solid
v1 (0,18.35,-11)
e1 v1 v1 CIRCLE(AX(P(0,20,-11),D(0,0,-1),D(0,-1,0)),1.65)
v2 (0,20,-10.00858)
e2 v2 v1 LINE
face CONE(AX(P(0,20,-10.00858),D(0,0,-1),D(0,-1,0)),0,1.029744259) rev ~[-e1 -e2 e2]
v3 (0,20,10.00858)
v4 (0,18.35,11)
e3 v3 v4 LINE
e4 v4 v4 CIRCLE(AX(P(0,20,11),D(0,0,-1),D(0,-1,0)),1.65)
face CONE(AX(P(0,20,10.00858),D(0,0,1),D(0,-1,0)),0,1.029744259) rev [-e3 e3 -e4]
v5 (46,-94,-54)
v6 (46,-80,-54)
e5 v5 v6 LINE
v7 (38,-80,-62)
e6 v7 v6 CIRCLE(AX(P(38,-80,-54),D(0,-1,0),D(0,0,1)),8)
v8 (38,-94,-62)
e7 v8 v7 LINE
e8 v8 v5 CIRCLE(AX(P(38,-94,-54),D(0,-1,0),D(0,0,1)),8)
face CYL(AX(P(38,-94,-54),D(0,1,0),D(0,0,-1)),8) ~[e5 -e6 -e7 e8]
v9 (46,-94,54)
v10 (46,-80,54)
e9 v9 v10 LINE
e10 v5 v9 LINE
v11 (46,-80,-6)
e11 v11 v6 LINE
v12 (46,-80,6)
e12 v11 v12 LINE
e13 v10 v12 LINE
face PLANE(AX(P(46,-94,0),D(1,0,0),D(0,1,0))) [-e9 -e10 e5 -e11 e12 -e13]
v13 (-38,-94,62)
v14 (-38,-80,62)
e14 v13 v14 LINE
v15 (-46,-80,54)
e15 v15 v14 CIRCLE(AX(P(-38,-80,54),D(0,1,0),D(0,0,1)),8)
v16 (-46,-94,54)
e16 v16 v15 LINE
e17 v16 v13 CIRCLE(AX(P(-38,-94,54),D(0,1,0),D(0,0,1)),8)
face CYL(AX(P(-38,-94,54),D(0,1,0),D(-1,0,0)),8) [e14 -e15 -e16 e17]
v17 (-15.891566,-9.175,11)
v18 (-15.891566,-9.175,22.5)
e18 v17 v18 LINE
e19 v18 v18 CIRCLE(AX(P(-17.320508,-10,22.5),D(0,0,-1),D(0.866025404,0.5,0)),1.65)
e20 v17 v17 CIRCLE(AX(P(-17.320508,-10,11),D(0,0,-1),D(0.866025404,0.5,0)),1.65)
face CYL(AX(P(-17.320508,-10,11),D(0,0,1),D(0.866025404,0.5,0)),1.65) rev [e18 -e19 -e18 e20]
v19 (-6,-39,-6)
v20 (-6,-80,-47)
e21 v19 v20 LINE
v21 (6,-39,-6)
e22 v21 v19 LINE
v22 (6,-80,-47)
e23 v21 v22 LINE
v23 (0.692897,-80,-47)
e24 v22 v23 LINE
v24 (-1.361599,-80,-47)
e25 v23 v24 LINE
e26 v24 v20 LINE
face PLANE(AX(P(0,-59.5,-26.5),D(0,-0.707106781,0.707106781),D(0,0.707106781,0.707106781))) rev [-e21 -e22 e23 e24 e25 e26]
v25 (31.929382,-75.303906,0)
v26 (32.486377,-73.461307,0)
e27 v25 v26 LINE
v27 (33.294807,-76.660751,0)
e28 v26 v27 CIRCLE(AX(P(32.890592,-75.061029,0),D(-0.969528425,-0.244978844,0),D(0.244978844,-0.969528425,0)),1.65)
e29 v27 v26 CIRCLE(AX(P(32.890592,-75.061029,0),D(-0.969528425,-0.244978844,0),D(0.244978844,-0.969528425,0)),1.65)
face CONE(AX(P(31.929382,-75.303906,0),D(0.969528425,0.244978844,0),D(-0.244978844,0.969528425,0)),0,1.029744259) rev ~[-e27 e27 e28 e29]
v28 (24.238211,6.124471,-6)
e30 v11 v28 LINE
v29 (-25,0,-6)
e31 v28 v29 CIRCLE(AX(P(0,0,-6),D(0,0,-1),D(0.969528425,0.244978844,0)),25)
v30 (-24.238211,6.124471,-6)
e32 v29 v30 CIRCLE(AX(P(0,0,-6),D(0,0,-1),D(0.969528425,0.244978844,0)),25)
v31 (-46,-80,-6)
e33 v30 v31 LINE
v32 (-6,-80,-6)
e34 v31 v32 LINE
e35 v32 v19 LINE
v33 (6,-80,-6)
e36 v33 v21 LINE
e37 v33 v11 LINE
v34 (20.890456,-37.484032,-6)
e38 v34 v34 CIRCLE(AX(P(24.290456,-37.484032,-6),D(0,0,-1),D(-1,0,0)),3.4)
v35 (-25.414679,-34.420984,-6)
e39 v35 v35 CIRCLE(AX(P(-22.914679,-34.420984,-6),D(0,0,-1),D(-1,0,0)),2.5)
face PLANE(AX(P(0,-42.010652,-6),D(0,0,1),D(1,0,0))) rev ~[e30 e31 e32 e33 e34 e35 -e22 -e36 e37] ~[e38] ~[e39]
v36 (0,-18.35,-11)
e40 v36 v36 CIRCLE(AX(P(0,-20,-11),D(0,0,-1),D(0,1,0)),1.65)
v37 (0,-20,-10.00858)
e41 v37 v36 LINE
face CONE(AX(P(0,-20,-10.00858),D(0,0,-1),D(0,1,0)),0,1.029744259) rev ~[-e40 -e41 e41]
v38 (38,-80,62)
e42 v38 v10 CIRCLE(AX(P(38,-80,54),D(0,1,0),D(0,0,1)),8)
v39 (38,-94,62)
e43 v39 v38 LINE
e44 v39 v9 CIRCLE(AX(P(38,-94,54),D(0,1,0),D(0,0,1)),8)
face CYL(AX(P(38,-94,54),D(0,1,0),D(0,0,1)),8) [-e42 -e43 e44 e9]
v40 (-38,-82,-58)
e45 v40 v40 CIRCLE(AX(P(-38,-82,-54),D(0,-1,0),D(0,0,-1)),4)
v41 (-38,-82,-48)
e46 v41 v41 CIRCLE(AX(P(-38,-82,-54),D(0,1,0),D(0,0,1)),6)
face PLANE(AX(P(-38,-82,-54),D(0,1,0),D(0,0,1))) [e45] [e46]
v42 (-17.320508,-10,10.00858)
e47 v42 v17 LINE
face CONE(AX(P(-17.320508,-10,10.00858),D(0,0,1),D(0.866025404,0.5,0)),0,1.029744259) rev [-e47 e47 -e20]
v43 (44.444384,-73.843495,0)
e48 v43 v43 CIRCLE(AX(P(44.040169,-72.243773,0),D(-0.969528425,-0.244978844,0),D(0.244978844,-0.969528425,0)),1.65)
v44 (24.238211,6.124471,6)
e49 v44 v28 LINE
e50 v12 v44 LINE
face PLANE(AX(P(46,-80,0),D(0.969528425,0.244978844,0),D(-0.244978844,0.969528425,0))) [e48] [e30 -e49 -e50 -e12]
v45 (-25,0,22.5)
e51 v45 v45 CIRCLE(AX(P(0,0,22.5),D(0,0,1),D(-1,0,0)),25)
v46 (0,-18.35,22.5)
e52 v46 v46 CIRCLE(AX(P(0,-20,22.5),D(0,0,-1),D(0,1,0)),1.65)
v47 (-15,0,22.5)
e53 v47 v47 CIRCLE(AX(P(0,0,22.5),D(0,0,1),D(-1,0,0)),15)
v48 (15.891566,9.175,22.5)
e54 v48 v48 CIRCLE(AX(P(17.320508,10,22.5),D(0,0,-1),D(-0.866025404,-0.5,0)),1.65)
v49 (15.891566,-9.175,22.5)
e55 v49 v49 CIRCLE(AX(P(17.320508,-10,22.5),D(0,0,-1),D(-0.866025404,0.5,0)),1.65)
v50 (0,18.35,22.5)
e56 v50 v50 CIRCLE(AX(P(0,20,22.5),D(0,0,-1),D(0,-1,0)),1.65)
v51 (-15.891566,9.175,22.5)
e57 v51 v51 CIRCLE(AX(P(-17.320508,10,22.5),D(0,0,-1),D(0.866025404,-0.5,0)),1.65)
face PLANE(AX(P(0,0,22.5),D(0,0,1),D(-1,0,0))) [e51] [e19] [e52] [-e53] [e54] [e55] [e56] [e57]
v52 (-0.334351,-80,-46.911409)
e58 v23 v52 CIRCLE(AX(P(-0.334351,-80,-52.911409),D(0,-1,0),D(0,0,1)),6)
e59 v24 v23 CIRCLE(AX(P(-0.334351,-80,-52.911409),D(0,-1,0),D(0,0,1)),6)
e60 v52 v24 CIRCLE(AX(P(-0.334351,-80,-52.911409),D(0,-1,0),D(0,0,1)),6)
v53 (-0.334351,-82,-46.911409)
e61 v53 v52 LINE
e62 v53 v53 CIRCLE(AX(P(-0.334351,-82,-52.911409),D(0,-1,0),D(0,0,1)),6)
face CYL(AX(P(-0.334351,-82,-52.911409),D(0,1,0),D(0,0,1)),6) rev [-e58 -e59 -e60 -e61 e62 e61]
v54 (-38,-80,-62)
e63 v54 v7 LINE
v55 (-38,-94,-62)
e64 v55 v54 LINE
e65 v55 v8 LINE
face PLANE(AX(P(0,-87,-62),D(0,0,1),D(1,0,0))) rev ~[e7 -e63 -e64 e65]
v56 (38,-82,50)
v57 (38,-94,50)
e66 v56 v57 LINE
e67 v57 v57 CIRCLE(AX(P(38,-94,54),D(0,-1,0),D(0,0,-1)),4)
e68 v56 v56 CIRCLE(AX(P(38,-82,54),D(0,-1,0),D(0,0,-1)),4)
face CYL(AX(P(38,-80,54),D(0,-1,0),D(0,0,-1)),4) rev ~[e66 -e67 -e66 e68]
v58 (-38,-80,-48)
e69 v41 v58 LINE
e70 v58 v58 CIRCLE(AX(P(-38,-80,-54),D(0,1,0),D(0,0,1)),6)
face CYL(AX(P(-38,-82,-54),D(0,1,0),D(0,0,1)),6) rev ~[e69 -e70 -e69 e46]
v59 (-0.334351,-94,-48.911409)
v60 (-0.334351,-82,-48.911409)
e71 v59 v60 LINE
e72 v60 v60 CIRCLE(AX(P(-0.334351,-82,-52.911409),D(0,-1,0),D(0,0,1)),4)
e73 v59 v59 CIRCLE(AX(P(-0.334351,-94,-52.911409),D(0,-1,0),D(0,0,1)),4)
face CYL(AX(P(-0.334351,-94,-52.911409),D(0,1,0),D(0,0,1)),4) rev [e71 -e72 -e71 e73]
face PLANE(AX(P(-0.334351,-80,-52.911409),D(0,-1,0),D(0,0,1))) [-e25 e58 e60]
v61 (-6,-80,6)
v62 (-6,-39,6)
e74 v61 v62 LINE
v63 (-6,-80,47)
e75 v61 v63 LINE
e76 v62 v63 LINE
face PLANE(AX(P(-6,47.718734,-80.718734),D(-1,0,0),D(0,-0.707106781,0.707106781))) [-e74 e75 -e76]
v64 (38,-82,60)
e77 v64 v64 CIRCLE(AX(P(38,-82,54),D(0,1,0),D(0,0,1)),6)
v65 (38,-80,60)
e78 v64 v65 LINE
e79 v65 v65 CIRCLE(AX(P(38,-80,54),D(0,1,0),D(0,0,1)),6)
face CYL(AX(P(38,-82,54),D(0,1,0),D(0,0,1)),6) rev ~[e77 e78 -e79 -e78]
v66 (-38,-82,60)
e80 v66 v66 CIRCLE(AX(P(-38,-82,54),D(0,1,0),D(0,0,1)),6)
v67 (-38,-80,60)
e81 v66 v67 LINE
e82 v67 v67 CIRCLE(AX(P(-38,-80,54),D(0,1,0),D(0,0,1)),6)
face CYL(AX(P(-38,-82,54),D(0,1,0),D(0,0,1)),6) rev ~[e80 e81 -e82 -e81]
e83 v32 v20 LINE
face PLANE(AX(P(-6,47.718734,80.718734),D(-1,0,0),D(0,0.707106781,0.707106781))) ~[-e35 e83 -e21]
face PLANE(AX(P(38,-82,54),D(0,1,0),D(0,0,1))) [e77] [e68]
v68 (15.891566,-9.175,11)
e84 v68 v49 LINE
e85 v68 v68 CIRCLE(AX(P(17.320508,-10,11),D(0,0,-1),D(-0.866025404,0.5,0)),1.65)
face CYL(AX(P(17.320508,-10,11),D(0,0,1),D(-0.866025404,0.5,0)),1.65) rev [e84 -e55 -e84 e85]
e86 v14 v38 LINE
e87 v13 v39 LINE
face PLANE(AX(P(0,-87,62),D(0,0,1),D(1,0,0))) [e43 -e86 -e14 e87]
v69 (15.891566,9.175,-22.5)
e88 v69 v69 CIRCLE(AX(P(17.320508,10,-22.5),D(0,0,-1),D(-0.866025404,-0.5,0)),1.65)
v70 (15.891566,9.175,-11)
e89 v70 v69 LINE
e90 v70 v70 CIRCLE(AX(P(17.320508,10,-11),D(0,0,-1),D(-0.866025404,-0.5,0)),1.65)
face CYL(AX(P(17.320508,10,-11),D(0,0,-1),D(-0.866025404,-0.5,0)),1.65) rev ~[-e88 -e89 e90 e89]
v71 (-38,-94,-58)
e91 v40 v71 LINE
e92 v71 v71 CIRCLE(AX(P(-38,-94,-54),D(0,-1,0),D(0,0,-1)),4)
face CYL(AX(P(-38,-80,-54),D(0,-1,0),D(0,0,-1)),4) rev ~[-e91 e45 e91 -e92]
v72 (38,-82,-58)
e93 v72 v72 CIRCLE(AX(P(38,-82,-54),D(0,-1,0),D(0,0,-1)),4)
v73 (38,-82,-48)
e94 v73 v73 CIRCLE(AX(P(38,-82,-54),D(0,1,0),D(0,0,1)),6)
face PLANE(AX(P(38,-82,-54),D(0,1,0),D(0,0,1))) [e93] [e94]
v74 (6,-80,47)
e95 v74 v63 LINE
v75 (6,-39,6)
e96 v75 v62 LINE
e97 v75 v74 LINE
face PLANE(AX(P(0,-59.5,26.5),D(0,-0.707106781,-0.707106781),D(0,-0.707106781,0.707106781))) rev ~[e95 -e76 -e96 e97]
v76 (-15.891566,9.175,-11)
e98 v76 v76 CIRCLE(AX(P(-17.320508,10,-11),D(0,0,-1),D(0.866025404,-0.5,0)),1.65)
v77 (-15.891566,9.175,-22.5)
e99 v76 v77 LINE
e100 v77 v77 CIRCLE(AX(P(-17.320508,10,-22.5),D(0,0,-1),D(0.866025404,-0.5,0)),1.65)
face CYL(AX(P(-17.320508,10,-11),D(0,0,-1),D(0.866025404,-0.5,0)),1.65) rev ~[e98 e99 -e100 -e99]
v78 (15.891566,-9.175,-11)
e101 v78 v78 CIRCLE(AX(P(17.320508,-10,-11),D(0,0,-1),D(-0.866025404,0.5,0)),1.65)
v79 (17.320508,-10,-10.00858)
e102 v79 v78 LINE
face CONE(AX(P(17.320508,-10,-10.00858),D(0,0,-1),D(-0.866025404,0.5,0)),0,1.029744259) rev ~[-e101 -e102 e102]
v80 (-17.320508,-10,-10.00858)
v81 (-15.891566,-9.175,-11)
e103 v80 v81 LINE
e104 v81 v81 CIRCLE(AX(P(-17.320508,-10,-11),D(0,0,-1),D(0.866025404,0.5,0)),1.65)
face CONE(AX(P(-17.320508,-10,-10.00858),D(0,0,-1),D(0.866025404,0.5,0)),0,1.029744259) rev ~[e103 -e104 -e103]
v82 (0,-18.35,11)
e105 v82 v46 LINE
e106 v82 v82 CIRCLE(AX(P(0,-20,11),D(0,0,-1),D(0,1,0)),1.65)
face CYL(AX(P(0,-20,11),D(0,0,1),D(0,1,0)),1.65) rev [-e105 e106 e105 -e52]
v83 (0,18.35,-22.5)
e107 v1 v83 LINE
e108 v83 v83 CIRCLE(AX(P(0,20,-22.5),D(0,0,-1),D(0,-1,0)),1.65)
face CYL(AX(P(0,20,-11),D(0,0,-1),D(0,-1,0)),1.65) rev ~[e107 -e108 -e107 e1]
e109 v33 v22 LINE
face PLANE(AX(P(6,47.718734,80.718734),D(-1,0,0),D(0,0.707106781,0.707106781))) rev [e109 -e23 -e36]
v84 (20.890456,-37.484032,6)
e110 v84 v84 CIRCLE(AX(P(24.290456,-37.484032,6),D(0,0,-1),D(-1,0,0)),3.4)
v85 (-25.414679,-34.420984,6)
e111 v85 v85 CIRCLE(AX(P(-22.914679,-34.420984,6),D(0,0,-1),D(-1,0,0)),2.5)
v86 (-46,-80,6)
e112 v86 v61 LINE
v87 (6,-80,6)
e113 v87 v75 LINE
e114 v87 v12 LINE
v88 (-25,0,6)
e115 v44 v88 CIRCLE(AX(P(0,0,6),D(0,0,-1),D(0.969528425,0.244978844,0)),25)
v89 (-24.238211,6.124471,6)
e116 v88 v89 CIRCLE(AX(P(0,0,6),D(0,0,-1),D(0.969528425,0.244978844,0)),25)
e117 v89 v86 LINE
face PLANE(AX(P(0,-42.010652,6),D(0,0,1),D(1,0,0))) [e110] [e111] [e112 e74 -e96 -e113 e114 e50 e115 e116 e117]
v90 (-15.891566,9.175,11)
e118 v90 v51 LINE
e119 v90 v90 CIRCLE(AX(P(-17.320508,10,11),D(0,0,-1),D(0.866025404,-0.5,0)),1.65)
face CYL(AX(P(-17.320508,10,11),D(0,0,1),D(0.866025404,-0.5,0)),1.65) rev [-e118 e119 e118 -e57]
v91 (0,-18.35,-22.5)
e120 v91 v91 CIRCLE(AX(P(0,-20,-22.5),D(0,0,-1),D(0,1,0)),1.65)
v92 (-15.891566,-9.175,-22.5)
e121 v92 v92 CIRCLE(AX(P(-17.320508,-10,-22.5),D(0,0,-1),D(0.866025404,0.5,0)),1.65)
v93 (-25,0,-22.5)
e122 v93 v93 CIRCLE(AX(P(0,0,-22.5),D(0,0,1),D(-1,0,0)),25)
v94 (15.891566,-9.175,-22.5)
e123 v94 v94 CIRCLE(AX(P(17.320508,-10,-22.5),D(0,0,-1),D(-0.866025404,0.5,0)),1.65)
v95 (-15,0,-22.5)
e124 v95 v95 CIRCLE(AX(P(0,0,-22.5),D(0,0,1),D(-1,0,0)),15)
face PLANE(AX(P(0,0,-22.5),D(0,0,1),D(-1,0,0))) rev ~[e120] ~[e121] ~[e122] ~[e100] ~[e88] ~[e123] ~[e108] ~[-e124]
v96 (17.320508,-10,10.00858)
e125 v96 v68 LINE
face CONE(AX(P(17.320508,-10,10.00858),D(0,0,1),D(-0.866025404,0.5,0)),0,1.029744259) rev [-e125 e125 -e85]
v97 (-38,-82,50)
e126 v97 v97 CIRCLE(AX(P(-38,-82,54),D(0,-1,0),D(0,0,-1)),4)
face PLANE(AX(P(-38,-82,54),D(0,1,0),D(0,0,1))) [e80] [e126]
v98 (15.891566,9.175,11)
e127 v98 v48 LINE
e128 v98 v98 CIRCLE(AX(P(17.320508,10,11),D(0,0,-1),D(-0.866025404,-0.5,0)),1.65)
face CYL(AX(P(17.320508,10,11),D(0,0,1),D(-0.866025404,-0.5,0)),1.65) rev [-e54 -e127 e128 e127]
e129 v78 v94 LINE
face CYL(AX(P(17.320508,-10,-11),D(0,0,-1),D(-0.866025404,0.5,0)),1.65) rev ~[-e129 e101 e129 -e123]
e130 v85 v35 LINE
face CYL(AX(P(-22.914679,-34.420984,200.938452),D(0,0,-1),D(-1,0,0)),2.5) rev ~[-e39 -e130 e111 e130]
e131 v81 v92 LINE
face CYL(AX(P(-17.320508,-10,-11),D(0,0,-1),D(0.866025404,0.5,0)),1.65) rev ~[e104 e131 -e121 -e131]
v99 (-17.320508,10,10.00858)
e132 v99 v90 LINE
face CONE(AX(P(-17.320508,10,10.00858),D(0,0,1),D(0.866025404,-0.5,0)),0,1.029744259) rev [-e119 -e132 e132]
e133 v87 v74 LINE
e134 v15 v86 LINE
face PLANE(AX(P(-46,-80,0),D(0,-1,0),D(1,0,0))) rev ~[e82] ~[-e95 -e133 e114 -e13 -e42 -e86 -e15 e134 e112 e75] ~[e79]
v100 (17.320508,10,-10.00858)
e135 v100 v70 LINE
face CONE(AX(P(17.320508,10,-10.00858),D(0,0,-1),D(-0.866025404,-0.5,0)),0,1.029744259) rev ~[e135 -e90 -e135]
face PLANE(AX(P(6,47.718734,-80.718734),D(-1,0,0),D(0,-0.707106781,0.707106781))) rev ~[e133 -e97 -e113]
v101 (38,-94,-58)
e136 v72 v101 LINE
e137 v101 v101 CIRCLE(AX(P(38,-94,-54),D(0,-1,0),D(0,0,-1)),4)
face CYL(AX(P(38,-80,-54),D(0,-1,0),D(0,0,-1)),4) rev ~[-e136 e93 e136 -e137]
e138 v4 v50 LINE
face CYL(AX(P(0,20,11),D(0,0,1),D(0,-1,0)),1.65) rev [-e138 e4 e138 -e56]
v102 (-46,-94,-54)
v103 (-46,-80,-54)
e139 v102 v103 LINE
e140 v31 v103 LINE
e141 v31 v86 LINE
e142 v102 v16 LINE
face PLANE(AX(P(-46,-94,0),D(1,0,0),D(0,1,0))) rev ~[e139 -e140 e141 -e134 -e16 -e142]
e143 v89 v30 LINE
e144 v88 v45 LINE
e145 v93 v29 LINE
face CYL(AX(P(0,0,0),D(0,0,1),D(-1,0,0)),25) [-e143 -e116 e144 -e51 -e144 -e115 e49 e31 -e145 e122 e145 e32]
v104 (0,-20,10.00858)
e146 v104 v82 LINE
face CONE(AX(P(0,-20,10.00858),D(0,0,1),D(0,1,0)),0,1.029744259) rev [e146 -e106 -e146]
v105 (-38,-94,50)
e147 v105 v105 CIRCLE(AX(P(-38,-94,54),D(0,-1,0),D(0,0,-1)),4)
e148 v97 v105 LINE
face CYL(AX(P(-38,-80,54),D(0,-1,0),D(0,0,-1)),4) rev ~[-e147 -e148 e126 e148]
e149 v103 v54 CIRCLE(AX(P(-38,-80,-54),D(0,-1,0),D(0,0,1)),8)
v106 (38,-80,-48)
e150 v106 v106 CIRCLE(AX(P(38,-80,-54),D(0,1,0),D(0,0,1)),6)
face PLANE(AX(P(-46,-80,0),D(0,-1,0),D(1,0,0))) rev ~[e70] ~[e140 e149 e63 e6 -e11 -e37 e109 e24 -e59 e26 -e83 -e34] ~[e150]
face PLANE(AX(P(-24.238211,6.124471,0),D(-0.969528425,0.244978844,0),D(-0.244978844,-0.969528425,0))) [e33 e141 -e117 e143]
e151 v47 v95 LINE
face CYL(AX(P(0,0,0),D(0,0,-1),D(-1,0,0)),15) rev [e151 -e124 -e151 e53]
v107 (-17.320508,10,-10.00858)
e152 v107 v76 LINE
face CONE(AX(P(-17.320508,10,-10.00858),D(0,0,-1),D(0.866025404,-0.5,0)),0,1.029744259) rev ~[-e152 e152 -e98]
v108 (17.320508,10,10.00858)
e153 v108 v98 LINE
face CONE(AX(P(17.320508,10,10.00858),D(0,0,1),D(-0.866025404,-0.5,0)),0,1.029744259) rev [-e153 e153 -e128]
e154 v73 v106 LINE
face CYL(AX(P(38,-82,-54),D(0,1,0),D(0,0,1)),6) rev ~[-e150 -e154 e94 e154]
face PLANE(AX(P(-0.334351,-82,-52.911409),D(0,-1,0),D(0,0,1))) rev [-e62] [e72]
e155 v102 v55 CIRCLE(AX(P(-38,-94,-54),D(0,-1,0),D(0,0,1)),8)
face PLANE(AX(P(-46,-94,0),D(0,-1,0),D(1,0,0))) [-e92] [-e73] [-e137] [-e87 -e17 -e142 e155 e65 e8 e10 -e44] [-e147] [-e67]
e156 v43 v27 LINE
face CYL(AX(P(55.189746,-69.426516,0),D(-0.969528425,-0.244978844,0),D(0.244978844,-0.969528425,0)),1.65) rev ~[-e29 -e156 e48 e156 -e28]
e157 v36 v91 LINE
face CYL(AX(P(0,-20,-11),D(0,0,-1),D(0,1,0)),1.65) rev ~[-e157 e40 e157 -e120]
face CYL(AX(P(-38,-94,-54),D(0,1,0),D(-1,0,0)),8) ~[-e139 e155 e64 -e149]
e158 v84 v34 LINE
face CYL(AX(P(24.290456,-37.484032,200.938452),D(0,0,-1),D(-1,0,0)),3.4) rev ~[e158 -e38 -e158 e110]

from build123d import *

# Parameters (mm, degrees)
SKETCH_1_R                     = 25
SKETCH_1_R_2                   = 15
EXTRUDE_1_DEPTH                = 22.5
SKETCH_2_W                     = 92
SKETCH_2_H                     = 14
EXTRUDE_2_DEPTH                = 62
EXTRUDE_3_DEPTH                = 6
RIB_1_REACH                    = 123.639
SKETCH_4_WALL_W                = 303.26037525
SKETCH_4_WALL_H                = 12
FILLET_1_R                     = 8
HOLE_WIZARD_M1_6_1_D           = 8
HOLE_WIZARD_M1_6_1_CBORE_D     = 12
HOLE_WIZARD_M1_6_1_CBORE_DEPTH = 2
HOLE_WIZARD_M6_1_D             = 5
HOLE_WIZARD_M8_1_D             = 6.8
PATTERN_CIRCULAR_1_COUNT       = 6
HOLE_WIZARD_M4_2_D             = 3.3
HOLE_WIZARD_M4_2_DEPTH         = 11.5
HOLE_WIZARD_M4_2_TIP           = 0.991420021


with BuildPart() as part:
    # 스케치1 → 보스-돌출1 (new, symmetric)
    with BuildSketch(Plane.XY):
        with Locations(Location((0, 0, 0), (0, 0, 180))):
            Circle(SKETCH_1_R)
        with Locations(Location((0, 0, 0), (0, 0, 180))):
            Circle(SKETCH_1_R_2, mode=Mode.SUBTRACT)
    extrude(amount=EXTRUDE_1_DEPTH, both=True)



with BuildPart() as body_2:
    # 스케치2 → 보스-돌출2 (new, symmetric)
    with BuildSketch(Plane.XY):
        with Locations((0, -87)):
            Rectangle(SKETCH_2_W, SKETCH_2_H)
    extrude(amount=EXTRUDE_2_DEPTH, both=True)


with BuildPart() as part_1:
    add(part.part)

    add(body_2.part)  # 보스-돌출3 merges body 2
    # 스케치3 → 보스-돌출3 (add, symmetric)
    with BuildSketch(Plane.XY):
        with BuildLine():
            Line((-24.238210613, 6.124471102), (-46, -80))
            Line((-46, -80), (46, -80))
            Line((46, -80), (24.238210613, 6.124471102))
            ThreePointArc((24.238210613, 6.124471102), (0, -25), (-24.238210613, 6.124471102))
        make_face()
    extrude(amount=EXTRUDE_3_DEPTH, both=True)

    # 스케치4 wall → 보강대1 (add, up to next)
    with BuildSketch(Plane(origin=(0, -59.5, 26.5), x_dir=(0, -0.707106781187, 0.707106781187), z_dir=(0, -0.707106781187, -0.707106781187)), mode=Mode.PRIVATE) as rib_1_sk1:
        Rectangle(SKETCH_4_WALL_W, SKETCH_4_WALL_H)
    rib_1_tool1 = extrude(rib_1_sk1.sketch, amount=RIB_1_REACH, mode=Mode.PRIVATE) - part_1.part
    rib_1 = rib_1_tool1.solids().sort_by_distance((0, -59.5, 26.5))[0]
    add(rib_1)

    # 대칭 복사1: 보강대1 across plane
    add(rib_1.mirror(Plane.XY))

    # 필렛1
    fillet_1_edges = [part_1.edges().sort_by_distance(p)[0] for p in [
        (-46, -87, -62),
        (46, -87, -62),
        (-46, -87, 62),
        (46, -87, 62),
    ]]
    fillet(fillet_1_edges, radius=FILLET_1_R)

    # M1.6 소켓 머리 캡 나사용 카운터보어1 (through all)
    with Locations(Plane(origin=(-38, -80, 54), x_dir=(0, 0, 1), z_dir=(0, 1, 0))):
        with Locations((0, 0), (0, 76), (-108, 76), (-108, 0)):
            CounterBoreHole(HOLE_WIZARD_M1_6_1_D / 2, HOLE_WIZARD_M1_6_1_CBORE_D / 2, HOLE_WIZARD_M1_6_1_CBORE_DEPTH)

    # M6 나사 구멍1 (through all)
    with Locations(Plane(origin=(-22.914678554, -34.420983867, 6), x_dir=(1, 0, 0), z_dir=(0, 0, 1))):
        with Locations((0, 0)):
            Hole(HOLE_WIZARD_M6_1_D / 2)

    # M8 나사 구멍1 (through all)
    with Locations(Plane(origin=(24.290456281, -37.484031993, 6), x_dir=(1, 0, 0), z_dir=(0, 0, 1))):
        with Locations((0, 0)):
            Hole(HOLE_WIZARD_M8_1_D / 2)

    # 스케치11 → M1.6 소켓 머리 캡 나사용 카운터보어2 (revolve, cut)
    with BuildSketch(Plane(origin=(-0.334351045, -80, -52.911409403), x_dir=(0, 0, 1), z_dir=(1, 0, 0))):
        Polygon((0, 0), (0, 14), (4, 14), (4, 2), (6, 2), (6, 0), align=None)
    revolve(axis=Axis((-0.334351045, -73.65, -52.911409403), (0, -1, 0)), mode=Mode.SUBTRACT)

    # 스케치15 → M4 나사 구멍1 (revolve, cut)
    with BuildSketch(Plane(origin=(0, 20, 22.5), x_dir=(0, -1, 0), z_dir=(1, 0, 0))):
        Polygon((0, 0), (0, 12.491420021), (1.65, 11.5), (1.65, 0), align=None)
    hole_wizard_m4_1 = revolve(axis=Axis((0, 20, 28.85), (0, 0, -1)), mode=Mode.SUBTRACT)

    # 원형 패턴1: M4 나사 구멍1 ×6 about axis
    pattern_circular_1_axis = Axis((0, 0, 0), (0, 0, 1))
    for i in range(1, PATTERN_CIRCULAR_1_COUNT):
        add(hole_wizard_m4_1.rotate(pattern_circular_1_axis, i * 360 / PATTERN_CIRCULAR_1_COUNT), mode=Mode.SUBTRACT)

    # 대칭 복사2: M4 나사 구멍1 across plane
    add(hole_wizard_m4_1.mirror(Plane.XY), mode=Mode.SUBTRACT)

    # 대칭 복사2 copy 1 sketch → 대칭 복사2 copy 1 (revolve, cut)
    with BuildSketch(Plane(origin=(-17.320508076, 10, -22.5), x_dir=(0.8660254037844386, -0.5000000000000001, 0), z_dir=(0.5000000000000001, 0.8660254037844386, 0))):
        Polygon((0, 0), (0, -12.491420021), (1.65, -11.5), (1.65, 0), align=None)
    revolve(axis=Axis((-17.320508076, 10, -28.85), (0, 0, -1)), mode=Mode.SUBTRACT)

    # 대칭 복사2 copy 2 sketch → 대칭 복사2 copy 2 (revolve, cut)
    with BuildSketch(Plane(origin=(-17.320508076, -10, -22.5), x_dir=(0.8660254037844387, 0.4999999999999998, 0), z_dir=(-0.4999999999999998, 0.8660254037844387, 0))):
        Polygon((0, 0), (0, -12.491420021), (1.65, -11.5), (1.65, 0), align=None)
    revolve(axis=Axis((-17.320508076, -10, -28.85), (0, 0, -1)), mode=Mode.SUBTRACT)

    # 대칭 복사2 copy 3 sketch → 대칭 복사2 copy 3 (revolve, cut)
    with BuildSketch(Plane(origin=(0, -20, -22.5), x_dir=(0, 1, 0), z_dir=(-1, 0, 0))):
        Polygon((0, 0), (0, -12.491420021), (1.65, -11.5), (1.65, 0), align=None)
    revolve(axis=Axis((0, -20, -28.85), (0, 0, -1)), mode=Mode.SUBTRACT)

    # 대칭 복사2 copy 4 sketch → 대칭 복사2 copy 4 (revolve, cut)
    with BuildSketch(Plane(origin=(17.320508076, -10, -22.5), x_dir=(-0.8660254037844384, 0.5000000000000004, 0), z_dir=(-0.5000000000000004, -0.8660254037844384, 0))):
        Polygon((0, 0), (0, -12.491420021), (1.65, -11.5), (1.65, 0), align=None)
    revolve(axis=Axis((17.320508076, -10, -28.85), (0, 0, -1)), mode=Mode.SUBTRACT)

    # 대칭 복사2 copy 5 sketch → 대칭 복사2 copy 5 (revolve, cut)
    with BuildSketch(Plane(origin=(17.320508076, 10, -22.5), x_dir=(-0.8660254037844386, -0.5000000000000001, 0), z_dir=(0.5000000000000001, -0.8660254037844386, 0))):
        Polygon((0, 0), (0, -12.491420021), (1.65, -11.5), (1.65, 0), align=None)
    revolve(axis=Axis((17.320508076, 10, -28.85), (0, 0, -1)), mode=Mode.SUBTRACT)

    # M4 나사 구멍2
    with Locations(Plane(origin=(44.040169247, -72.243772604, 0), x_dir=(-0.244978844097, 0.969528424516, 0), z_dir=(0.969528424516, 0.244978844097, 0))):
        with Locations((0, 0)):
            Hole(HOLE_WIZARD_M4_2_D / 2, depth=HOLE_WIZARD_M4_2_DEPTH)
            with Locations((0, 0, -(HOLE_WIZARD_M4_2_DEPTH + HOLE_WIZARD_M4_2_TIP / 2))):  # 118° drill point
                Cone(0, HOLE_WIZARD_M4_2_D / 2, HOLE_WIZARD_M4_2_TIP, mode=Mode.SUBTRACT)


solid = part_1.part
